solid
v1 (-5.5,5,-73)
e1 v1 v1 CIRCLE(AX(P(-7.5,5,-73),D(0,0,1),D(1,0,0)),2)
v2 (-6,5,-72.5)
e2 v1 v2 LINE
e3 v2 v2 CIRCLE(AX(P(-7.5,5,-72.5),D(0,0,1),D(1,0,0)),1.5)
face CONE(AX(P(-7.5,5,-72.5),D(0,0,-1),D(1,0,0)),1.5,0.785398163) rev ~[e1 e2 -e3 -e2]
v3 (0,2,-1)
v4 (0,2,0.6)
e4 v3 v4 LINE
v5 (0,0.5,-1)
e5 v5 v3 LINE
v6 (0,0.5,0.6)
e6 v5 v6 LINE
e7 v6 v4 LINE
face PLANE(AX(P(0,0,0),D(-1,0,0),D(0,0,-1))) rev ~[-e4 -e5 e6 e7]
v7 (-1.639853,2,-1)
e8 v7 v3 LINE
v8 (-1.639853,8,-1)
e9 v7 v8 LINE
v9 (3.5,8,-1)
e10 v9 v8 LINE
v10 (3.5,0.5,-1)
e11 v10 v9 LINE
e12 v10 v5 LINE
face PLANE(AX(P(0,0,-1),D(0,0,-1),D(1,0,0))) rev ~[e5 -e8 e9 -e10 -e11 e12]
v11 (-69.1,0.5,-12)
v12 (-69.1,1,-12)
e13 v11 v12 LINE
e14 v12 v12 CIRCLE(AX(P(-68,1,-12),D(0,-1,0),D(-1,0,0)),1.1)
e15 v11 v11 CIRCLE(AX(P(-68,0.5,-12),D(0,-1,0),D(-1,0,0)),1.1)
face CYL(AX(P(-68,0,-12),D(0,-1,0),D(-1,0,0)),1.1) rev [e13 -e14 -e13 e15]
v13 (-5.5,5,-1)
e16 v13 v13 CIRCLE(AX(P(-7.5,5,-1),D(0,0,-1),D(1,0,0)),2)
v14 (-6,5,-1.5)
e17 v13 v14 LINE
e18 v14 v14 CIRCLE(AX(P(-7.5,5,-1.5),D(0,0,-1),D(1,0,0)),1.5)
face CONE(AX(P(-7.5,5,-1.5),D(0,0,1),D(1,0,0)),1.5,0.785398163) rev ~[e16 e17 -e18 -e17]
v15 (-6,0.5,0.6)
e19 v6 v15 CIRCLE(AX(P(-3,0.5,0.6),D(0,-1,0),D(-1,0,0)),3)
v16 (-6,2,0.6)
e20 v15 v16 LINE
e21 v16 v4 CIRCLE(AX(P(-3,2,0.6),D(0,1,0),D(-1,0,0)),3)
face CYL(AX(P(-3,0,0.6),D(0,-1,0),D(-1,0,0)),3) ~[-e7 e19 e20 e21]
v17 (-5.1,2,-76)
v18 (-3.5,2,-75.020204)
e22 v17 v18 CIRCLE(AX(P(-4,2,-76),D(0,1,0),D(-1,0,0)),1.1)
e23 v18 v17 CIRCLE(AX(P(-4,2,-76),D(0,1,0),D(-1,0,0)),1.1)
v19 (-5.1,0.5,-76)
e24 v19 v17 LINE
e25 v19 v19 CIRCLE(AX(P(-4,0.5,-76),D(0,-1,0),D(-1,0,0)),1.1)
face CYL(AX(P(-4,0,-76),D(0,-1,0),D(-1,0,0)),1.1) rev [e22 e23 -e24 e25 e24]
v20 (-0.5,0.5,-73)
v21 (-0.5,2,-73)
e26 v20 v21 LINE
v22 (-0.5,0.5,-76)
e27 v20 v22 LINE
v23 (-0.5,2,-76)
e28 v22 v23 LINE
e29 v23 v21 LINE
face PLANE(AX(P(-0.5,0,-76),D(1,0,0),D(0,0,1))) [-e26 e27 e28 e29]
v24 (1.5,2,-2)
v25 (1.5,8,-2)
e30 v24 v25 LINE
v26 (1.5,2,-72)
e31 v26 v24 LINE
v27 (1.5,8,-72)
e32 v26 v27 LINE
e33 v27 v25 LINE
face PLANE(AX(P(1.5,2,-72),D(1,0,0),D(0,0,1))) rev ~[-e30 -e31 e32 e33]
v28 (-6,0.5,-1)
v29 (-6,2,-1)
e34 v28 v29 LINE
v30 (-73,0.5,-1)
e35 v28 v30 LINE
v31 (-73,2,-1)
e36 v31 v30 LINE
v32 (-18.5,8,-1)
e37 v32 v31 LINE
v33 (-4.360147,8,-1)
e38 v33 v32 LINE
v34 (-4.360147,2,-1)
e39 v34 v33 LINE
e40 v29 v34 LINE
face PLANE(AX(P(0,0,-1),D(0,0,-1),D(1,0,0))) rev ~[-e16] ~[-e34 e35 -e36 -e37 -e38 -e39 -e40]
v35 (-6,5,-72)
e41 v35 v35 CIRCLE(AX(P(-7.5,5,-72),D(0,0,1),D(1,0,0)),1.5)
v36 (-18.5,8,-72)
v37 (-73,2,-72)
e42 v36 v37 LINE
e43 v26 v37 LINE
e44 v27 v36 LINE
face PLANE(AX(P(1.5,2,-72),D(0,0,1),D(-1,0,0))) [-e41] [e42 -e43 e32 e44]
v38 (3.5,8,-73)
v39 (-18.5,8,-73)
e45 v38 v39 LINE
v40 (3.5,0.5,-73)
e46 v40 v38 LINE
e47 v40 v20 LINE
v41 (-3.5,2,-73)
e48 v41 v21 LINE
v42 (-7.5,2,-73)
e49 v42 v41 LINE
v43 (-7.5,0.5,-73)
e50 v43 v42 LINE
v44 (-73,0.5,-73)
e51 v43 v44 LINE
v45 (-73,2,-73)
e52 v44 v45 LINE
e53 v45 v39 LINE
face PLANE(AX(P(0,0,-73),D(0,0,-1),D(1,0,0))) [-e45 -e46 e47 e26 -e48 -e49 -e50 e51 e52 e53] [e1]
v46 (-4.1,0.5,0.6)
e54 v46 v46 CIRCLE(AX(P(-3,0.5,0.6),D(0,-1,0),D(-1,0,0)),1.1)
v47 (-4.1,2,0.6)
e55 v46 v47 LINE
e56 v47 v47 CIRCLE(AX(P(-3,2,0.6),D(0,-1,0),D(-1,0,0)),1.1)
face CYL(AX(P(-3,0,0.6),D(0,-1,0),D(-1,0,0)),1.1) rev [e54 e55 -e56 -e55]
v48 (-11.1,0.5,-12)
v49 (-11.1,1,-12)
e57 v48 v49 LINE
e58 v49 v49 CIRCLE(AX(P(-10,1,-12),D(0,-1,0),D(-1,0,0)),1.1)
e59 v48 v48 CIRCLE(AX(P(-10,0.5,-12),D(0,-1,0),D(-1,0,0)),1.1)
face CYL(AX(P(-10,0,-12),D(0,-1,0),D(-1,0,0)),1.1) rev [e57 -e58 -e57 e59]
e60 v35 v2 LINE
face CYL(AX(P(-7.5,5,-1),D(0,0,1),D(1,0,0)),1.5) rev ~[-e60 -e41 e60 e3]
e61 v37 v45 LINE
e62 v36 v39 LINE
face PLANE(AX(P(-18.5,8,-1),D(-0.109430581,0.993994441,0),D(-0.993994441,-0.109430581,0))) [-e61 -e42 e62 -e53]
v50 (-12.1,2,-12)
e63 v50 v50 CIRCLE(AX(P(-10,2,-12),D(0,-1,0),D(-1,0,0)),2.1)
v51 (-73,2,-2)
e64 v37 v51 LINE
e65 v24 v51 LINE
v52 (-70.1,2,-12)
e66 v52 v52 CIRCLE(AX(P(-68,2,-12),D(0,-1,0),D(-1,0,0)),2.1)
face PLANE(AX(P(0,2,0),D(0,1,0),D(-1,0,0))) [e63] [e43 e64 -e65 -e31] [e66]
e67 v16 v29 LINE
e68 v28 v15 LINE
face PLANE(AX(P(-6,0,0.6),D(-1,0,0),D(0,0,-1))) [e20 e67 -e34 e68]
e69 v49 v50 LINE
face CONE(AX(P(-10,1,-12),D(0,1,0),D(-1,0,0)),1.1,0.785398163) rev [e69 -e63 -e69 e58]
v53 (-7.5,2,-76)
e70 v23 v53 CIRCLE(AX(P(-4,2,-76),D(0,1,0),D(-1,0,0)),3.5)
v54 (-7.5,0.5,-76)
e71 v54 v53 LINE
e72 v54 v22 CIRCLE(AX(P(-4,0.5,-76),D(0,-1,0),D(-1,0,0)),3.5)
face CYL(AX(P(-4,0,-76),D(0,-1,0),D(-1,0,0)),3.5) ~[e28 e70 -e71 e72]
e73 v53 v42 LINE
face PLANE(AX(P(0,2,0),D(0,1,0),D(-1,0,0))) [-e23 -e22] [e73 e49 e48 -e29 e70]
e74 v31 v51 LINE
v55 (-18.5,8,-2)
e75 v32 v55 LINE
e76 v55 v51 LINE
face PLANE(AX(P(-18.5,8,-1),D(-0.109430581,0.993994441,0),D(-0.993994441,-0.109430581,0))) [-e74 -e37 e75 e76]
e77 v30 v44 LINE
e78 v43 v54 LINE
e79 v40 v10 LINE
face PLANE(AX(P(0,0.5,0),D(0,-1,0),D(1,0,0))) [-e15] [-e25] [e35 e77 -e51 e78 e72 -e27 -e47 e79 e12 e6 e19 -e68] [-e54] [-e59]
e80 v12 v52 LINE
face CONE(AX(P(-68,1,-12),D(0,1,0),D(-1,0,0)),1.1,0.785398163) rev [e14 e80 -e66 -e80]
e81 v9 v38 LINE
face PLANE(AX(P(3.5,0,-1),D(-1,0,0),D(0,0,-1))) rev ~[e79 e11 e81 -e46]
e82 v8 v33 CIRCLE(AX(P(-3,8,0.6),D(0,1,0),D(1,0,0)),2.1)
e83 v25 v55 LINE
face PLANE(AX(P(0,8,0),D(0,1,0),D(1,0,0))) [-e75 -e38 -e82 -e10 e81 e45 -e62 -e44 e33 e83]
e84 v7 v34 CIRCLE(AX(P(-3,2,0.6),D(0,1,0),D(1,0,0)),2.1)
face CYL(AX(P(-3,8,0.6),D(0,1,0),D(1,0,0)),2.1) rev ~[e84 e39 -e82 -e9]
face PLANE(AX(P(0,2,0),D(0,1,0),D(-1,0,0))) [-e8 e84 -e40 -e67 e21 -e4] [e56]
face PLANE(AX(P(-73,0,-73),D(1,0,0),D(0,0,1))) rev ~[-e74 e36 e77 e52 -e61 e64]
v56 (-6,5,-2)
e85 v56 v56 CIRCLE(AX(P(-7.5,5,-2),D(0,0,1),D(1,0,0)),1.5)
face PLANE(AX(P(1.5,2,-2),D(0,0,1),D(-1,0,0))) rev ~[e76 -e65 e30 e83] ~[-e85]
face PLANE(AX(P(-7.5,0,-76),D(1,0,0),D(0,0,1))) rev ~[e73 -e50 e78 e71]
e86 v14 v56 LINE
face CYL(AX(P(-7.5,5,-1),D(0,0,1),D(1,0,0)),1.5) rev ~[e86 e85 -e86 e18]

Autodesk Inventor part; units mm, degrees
ref_plane "YZ Plane" through (0, 0, 0) normal (1, 0, 0) x (0, 1, 0)
ref_plane "XZ Plane" through (0, 0, 0) normal (0, 1, 0) x (-1, 0, 0)
ref_plane "XY Plane" through (0, 0, 0) normal (0, 0, 1) x (1, 0, 0)
sketch "Эскиз1" plane through (0, 0, 0) normal (0, 1, 0) x (-1, 0, 0)
  line L0 (-3.5, 0) -> (-3.5, -76)
  line L1 (0, 0) -> (0, -2)
  line L2 (0, -2) -> (0, -1)
  line L3 (0, -72) -> (0, -73)
  line L4 (0, 0) -> (0, -12)
  line L5 (0, -12) -> (8, -12)
  line L6 (8, -12) -> (56, -12)
  line L7 (56, -12) -> (62, -12)
  line L8 (62, -12) -> (62, -1)
  line L9 (62, -1) -> (0, -1)
  line L10 (0, -73) -> (62, -73)
  line L11 (62, -73) -> (62, -12)
  line L12 (0, -72) -> (62, -72)
  line L13 (0, -2) -> (62, -2)
  line L14 (3.5, -76) -> (3.5, 0)
  line L15 (0, 0) -> (3, 0)
  line L16 (3, 0) -> (3, 0.6)
  line L17 (56, -12) -> (68, -12)
  line L18 (68, -12) -> (73, -12)
  line L19 (8, -12) -> (10, -12)
  circle A0 centre (10, -12) radius 1.1
  circle A1 centre (68, -12) radius 1.1
  circle A2 centre (3, 0.6) radius 1.1
  circle A3 centre (3, 0.6) radius 3
  circle A4 centre (4, -76) radius 1.1
  circle A5 centre (4, -76) radius 3.5
  line L20 (7.5, -76) -> (7.5, -73)
  line L21 (0.5, -76) -> (0.5, -73)
  line L22 (0, -73) -> (-3.5, -73)
  line L23 (6, 0.6) -> (6, -1)
  line L24 (0, -1) -> (-3.5, -1)
  line L25 (62, -73) -> (73, -73)
  line L26 (73, -73) -> (73, -1)
  line L27 (73, -1) -> (62, -1)
  line L28 (62, -1) -> (62, -73)
  line L29 (0, 0.6) -> (0, 0)
  point P0 (3.5, -73)
  point P1 (0.0606, 0)
  dimension "d6" = 2
  dimension "d7" = 1
  dimension "d8" = 1
  dimension "d9" = 12
  dimension "d10" = 8
  dimension "d11" = 48
  dimension "d12" = 6
  dimension "d39" = 3
  dimension "d40" = 0.6
  dimension "d41" = 12
  dimension "d42" = 5
  dimension "d43" = 2
  dimension "d44" = 2.2
  dimension "d45" = 2.2
  dimension "d46" = 2.2
  dimension "d47" = 6
  dimension "d48" = 2.2
  dimension "d49" = 7
extrude "Выдавливание1" add sketch "Эскиз1" along normal blind 2 contours L24 L1 L4 L5 L14 L12 L3 L22 L0 | L9 A3 L13 L1 | L1 L15 A3 L9 | L3 L12 L14 A5 L10 | L29 A3 L15 | L13 A3 L14 L5 L4 | A3 L15 A2 L14 L9 | L9 L14 L13 A3 | L10 A5 L21 | A3 L9 L14 A2 L15 | L13 L14 A3 | L9 A3 L13 L14 | L14 L5 L6 A0 L7 L11 L12 | L12 L11 L10 A5 L14 | A5 L14 L10 | L10 A5 | L23 L9 A3 | L14 A3 L13 L8 L7 L6 A0 L5 | L13 A3 L14 | L9 L8 L13 A3 | L11 L17 A1 L18 L26 L25 | A5 L10 L14 | A5 L10 L20 | L8 L27 L26 L18 A1 L17
sketch "Эскиз2" plane through (0, 2, 0) normal (0, 1, 0) x (1, 0, 0)
  line L0 (-73, 1) -> (-6, 1) projected
  line L1 (3.5, 1) -> (3.5, 73) projected
  line L2 (-73, 1) -> (3.5, 1)
  line L3 (3.5, 1) -> (3.5, 2)
  line L4 (3.5, 2) -> (-73, 2)
  line L5 (-73, 2) -> (-73, 1)
  line L6 (-7.5, 73) -> (-73, 73) projected
  line L7 (-73, 73) -> (3.5, 73)
  line L8 (3.5, 73) -> (3.5, 72)
  line L9 (3.5, 72) -> (-73, 72)
  line L10 (-73, 72) -> (-73, 73)
  line L11 (0, 1) -> (3.5, 1) projected
  line L12 (3.5, 73) -> (1.5, 73)
  line L13 (1.5, 73) -> (1.5, 1)
  line L14 (1.5, 1) -> (3.5, 1)
  line L15 (3.5, 1) -> (3.5, 73)
  point P0 (-62, 73)
  point P1 (1.5, 72)
  point P2 (1.5, 2)
  dimension "d50" = 1
  dimension "d51" = 1
  dimension "d52" = 2
extrude "Выдавливание2" add sketch "Эскиз2" along normal blind 6
sketch "Эскиз3" plane through (-62, 0, -1) normal (0, 0, 1) x (1, 0, 0)
  line L0 (65.5, 8) -> (-11, 8) projected
  line L1 (65.5, 8) -> (43.5, 8)
  line L2 (63.5, 8) -> (54.5, 8)
  line L3 (54.5, 8) -> (54.5, 5)
  circle A0 centre (54.5, 5) radius 1.5
  line L4 (-11, 2) -> (63.5, 2) projected
  line L5 (43.5, 8) -> (-11, 2)
  line L6 (-11, 2) -> (-11, 8)
  line L7 (43.5, 8) -> (-11, 8)
  point P0 (65.5, 2)
  dimension "d53" = 22
  dimension "d54" = 9
  dimension "d55" = 3
  dimension "d56" = 3
extrude "Выдавливание3" cut sketch "Эскиз3" against normal blind 76
sketch "Эскиз4" plane through (0, 8, 0) normal (0, 1, 0) x (1, 0, 0)
  circle A0 centre (-3, -0.6) radius 1.1 projected
  circle A1 centre (-3, -0.6) radius 2.1
  dimension "d57" = 4.2
extrude "Выдавливание4" cut sketch "Эскиз4" against normal blind 6 contours A0 | A1
chamfer "Фаска1" distance 1 angle 45 2 edges at (-8.9, 2, -12) (-66.9, 2, -12)
chamfer "Фаска2" distance 0.5 angle 45 2 edges at (-9, 5, -1) (-9, 5, -73)
sketch "Эскиз5" plane through (0, 0, 0) normal (0, -1, 0) x (1, 0, 0)
  line L0 (31.0823, 41.3034) -> (-105.9038, 41.3034)
  line L1 (-105.9038, 41.3034) -> (-105.9038, -112.9994)
  line L2 (-105.9038, -112.9994) -> (31.0823, -112.9994)
  line L3 (31.0823, -112.9994) -> (31.0823, 41.3034)
  point P0 (0, 0)
extrude "Выдавливание5" cut sketch "Эскиз5" against normal blind 0.5
properties part number "HDD"
